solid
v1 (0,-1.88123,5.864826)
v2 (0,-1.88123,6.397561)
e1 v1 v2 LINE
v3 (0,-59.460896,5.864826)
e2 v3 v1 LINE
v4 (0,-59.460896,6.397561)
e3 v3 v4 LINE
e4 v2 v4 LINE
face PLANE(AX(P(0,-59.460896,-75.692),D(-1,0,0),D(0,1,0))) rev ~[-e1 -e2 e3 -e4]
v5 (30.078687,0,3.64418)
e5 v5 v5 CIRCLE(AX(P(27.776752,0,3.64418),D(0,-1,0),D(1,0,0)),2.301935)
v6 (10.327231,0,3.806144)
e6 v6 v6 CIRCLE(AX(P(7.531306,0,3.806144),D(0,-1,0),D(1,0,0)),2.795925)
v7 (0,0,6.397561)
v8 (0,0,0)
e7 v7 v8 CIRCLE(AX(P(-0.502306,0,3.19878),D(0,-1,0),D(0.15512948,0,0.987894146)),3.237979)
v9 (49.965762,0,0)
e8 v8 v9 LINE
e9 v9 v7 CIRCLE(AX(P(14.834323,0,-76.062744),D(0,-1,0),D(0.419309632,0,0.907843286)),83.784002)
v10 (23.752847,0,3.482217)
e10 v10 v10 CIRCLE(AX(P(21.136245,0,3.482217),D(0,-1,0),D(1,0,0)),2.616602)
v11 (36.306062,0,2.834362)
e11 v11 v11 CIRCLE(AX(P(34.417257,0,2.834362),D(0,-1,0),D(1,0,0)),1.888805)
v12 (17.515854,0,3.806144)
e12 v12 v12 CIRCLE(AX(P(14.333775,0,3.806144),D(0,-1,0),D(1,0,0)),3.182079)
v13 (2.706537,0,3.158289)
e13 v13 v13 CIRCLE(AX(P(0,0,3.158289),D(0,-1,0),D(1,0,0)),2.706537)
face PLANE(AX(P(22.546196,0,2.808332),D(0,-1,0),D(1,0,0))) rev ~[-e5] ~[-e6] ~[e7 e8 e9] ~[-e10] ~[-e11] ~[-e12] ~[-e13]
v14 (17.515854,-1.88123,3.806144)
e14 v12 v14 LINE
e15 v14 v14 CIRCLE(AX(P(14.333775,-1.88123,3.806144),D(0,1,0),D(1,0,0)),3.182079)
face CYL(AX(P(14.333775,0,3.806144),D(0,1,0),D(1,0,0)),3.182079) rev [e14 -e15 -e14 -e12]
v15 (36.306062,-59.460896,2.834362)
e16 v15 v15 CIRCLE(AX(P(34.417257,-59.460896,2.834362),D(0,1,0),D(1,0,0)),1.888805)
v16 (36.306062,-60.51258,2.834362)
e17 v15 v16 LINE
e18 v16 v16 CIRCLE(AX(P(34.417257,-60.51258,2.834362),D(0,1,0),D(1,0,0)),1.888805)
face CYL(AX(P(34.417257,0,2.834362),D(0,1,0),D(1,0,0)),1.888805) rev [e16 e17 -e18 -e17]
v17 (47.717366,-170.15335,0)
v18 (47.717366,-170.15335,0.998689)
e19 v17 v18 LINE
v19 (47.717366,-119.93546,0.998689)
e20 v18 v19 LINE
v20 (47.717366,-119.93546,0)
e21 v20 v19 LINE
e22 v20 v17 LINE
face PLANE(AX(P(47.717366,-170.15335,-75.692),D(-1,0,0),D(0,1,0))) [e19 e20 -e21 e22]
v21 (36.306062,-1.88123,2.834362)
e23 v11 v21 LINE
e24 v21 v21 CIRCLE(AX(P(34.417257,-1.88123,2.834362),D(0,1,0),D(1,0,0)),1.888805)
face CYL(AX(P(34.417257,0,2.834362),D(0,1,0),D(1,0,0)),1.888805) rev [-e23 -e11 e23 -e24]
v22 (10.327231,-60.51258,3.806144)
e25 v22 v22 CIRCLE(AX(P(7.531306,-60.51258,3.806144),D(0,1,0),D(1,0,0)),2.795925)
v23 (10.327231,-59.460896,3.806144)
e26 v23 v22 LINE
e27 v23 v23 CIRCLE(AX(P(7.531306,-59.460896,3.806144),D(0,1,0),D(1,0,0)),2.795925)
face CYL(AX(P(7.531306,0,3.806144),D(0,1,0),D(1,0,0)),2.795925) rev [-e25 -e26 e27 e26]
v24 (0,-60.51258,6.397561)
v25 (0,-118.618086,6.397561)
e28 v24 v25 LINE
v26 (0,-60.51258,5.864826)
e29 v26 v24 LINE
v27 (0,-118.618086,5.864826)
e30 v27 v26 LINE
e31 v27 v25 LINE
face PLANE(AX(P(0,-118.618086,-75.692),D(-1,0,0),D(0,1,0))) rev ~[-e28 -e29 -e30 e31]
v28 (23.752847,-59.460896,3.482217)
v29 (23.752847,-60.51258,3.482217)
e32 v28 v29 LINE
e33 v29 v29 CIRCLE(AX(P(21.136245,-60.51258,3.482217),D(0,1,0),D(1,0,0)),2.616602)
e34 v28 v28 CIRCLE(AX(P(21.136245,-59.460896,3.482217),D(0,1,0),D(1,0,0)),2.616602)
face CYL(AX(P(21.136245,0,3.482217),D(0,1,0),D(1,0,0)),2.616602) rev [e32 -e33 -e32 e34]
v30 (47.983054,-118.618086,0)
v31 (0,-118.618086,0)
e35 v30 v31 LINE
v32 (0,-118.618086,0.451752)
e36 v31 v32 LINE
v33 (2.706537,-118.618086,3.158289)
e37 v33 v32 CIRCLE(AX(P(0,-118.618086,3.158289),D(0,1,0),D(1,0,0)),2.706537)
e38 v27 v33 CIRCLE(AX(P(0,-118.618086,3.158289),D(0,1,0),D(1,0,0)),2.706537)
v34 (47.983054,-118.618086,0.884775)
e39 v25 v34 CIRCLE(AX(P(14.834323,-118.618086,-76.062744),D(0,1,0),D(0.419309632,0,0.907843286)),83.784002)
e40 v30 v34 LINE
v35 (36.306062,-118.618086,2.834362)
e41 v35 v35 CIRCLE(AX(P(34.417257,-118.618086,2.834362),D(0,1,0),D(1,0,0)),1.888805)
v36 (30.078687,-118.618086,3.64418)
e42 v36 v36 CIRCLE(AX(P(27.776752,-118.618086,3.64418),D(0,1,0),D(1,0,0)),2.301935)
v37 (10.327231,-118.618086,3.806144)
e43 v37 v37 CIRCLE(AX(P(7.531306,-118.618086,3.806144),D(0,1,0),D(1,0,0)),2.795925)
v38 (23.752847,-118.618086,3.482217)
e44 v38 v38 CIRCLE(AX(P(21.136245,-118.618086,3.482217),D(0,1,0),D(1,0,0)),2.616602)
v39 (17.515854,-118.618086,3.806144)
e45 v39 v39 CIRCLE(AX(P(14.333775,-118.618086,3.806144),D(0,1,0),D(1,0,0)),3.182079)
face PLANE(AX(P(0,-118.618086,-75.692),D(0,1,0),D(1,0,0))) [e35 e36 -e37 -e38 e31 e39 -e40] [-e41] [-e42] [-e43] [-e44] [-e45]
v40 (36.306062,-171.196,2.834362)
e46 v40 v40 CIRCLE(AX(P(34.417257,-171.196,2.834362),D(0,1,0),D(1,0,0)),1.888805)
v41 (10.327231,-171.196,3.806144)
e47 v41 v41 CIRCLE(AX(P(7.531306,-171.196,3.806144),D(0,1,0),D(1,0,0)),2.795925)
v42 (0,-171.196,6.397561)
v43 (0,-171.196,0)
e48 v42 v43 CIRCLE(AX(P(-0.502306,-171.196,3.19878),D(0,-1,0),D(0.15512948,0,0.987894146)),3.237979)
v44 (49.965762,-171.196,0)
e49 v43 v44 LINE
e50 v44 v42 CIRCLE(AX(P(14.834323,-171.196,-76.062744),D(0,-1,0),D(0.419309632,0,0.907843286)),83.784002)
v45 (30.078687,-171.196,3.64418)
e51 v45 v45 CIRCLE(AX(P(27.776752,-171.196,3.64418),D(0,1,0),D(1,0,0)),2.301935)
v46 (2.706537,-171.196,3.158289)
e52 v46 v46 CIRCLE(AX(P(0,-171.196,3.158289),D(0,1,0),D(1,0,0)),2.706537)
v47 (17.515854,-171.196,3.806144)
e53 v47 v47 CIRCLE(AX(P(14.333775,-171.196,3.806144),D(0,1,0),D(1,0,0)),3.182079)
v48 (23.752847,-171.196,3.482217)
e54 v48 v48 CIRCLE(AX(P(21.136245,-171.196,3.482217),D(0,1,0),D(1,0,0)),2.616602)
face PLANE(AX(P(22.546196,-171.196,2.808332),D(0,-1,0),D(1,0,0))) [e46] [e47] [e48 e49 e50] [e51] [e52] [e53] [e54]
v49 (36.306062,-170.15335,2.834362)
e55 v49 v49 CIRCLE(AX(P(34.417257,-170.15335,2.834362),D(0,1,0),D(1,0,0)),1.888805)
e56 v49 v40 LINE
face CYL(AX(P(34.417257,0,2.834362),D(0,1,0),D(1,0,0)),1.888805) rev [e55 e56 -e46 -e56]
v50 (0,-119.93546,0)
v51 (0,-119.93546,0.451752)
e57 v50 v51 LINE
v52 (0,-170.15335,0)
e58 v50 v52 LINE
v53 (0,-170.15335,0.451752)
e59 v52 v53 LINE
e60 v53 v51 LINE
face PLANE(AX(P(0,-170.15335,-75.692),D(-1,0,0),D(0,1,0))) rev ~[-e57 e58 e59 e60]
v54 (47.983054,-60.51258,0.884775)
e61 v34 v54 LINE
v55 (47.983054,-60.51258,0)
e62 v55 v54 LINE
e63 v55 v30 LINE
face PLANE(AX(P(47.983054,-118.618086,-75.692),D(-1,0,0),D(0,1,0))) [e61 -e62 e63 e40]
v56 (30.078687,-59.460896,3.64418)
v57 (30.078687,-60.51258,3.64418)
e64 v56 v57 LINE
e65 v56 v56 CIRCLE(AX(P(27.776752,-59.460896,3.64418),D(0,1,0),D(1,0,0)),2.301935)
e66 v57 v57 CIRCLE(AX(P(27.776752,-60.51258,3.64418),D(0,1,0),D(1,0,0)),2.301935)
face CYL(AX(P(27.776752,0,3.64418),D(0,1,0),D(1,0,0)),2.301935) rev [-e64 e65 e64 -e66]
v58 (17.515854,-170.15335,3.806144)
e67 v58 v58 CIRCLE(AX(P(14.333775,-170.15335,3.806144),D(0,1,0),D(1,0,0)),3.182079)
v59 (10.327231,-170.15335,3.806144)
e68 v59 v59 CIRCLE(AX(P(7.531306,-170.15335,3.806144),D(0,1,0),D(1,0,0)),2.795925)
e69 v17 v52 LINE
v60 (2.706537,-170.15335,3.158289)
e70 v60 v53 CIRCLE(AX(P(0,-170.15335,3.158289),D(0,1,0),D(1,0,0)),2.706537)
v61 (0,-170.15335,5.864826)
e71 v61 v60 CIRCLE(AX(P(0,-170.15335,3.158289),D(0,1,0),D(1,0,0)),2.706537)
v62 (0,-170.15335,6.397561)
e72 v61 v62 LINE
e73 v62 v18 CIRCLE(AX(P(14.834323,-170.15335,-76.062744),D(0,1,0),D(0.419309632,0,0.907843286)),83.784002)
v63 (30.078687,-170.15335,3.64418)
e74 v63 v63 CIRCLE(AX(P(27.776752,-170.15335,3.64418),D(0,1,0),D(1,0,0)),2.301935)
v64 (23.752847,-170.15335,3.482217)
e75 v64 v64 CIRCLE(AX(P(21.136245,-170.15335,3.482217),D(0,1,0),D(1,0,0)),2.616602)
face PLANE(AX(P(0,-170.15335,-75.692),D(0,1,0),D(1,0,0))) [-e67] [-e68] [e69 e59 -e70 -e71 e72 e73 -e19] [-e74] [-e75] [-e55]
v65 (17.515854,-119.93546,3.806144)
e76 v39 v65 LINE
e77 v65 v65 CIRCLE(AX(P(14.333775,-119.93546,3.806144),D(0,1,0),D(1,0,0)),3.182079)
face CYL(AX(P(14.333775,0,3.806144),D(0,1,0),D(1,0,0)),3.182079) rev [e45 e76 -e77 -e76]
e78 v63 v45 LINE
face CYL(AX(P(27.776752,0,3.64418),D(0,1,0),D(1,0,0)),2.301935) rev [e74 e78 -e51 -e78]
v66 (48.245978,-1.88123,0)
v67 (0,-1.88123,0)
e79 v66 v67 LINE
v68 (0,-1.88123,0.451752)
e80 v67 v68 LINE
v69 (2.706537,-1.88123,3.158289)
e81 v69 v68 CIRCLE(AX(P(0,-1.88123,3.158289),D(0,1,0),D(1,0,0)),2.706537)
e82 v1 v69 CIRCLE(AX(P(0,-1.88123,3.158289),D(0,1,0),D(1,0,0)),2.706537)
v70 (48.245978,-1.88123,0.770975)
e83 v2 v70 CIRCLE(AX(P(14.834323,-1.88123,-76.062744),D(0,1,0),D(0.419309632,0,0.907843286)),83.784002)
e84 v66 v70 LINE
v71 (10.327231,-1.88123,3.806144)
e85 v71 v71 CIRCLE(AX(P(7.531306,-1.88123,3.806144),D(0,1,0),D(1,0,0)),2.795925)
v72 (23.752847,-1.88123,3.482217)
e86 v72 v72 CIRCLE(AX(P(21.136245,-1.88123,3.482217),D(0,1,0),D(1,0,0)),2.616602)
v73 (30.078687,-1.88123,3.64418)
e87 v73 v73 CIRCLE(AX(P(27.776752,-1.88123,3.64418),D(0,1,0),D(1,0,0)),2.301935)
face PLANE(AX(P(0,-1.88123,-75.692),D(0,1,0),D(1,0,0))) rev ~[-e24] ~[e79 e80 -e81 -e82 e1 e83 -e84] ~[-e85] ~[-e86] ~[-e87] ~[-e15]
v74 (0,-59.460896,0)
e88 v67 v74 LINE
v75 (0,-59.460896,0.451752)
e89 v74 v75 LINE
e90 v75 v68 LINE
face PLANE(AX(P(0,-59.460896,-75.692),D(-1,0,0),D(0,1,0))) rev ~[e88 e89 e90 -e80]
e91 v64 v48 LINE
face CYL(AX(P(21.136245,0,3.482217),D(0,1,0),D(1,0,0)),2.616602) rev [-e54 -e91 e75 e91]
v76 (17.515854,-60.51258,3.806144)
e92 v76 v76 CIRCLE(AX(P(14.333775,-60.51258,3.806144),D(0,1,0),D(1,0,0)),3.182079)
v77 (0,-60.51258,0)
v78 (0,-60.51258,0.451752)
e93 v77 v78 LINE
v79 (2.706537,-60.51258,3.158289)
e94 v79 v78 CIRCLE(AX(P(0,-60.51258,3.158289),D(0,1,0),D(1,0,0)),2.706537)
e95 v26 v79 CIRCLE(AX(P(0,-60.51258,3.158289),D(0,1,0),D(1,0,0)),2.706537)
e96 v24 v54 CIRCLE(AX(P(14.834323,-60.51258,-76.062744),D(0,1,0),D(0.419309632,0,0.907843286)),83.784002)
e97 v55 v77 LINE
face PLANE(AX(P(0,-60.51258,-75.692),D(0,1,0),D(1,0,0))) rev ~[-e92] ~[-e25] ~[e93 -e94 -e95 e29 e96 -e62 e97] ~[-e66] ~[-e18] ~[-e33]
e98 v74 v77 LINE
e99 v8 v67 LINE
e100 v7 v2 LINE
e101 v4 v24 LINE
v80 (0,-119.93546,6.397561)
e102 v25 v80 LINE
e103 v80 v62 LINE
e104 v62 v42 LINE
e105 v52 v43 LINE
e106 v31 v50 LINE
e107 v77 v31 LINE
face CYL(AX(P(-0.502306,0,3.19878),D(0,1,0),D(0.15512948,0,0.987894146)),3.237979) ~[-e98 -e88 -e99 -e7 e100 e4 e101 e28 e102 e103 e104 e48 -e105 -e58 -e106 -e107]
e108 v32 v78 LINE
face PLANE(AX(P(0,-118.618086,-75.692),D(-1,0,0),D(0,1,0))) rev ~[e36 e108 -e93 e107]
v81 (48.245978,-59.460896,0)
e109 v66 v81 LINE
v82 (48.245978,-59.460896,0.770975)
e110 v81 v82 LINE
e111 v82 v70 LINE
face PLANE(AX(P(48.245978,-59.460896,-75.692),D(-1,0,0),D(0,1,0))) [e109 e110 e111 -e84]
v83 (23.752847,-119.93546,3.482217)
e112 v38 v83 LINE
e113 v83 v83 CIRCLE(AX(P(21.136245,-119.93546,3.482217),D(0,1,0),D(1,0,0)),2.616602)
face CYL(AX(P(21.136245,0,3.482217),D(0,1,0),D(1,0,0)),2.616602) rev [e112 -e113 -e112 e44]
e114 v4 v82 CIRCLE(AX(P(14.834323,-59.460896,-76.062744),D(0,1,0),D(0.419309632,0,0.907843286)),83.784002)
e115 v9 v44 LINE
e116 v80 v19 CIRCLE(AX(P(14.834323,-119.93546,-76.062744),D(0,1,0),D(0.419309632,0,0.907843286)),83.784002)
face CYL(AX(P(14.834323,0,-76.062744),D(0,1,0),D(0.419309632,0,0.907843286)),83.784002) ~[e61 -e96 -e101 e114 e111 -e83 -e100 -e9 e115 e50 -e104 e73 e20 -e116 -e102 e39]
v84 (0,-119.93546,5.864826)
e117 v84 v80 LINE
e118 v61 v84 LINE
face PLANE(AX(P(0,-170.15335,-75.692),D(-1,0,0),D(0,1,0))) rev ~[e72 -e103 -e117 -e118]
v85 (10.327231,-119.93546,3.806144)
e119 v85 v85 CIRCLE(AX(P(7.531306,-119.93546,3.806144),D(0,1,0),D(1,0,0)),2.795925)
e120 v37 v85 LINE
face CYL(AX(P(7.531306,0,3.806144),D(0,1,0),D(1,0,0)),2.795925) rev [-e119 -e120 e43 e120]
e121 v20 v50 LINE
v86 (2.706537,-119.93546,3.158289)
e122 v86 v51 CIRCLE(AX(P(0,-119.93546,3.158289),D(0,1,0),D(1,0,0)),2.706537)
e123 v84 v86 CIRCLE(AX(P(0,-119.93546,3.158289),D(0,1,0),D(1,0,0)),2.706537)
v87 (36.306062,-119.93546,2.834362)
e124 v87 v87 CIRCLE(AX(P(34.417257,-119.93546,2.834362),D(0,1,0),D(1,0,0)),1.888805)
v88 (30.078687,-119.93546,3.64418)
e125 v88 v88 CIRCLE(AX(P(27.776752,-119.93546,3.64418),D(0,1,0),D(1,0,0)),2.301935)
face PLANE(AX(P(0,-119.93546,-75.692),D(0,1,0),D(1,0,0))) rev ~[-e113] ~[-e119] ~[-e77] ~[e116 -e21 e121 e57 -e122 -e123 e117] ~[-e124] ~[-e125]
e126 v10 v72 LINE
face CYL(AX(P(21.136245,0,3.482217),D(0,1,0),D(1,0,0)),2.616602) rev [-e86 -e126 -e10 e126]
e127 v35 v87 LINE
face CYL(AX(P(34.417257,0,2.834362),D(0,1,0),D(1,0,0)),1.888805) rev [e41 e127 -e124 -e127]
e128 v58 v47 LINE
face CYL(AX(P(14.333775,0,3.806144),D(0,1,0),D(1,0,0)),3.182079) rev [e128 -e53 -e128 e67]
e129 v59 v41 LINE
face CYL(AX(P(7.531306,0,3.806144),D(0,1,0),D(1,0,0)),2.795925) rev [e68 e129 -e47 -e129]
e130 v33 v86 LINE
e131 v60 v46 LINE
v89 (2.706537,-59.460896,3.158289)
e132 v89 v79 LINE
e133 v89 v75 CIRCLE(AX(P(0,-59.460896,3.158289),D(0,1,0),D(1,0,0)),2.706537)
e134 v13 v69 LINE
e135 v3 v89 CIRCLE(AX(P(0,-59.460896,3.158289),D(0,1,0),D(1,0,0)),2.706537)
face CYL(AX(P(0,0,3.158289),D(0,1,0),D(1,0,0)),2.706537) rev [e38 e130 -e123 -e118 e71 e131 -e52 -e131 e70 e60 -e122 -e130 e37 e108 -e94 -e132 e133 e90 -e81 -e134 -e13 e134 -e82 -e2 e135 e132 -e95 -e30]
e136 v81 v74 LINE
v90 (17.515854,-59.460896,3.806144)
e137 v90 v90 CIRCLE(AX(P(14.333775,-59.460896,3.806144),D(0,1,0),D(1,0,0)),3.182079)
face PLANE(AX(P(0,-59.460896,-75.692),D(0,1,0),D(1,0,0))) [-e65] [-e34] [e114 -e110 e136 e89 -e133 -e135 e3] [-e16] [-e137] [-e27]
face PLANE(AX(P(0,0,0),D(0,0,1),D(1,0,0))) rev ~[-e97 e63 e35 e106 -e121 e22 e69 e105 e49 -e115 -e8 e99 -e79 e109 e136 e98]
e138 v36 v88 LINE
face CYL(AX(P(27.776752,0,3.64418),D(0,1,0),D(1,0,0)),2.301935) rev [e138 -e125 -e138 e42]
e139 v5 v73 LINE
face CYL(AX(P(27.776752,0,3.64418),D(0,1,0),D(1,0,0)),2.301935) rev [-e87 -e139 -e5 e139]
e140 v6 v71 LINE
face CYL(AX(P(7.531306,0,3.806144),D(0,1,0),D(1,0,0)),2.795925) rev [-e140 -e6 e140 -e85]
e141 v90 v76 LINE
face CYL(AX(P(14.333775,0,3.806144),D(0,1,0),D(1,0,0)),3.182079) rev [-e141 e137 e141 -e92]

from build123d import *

# Parameters (mm, degrees)
F1_DEPTH  = 171.196
F3_W      = 47.717366
F3_H      = 50.21789
F4_DEPTH  = 198.12
F5_R      = 2.706537
F6_DEPTH  = 205.232
F7_R      = 1.888805
F8_DEPTH  = 241.046
F9_R      = 2.795925
F10_DEPTH = 243.84
F11_R     = 3.182079
F12_DEPTH = 208.534
F13_R     = 2.616602
F14_DEPTH = 201.422
F15_R     = 2.301935
F16_DEPTH = 190.754
F17_W     = 47.983054
F17_H     = 58.105506
F18_DEPTH = 171.196
F19_W     = 48.245978
F19_H     = 57.579667
F20_DEPTH = 182.626


with BuildPart() as f1:
    # F0 (on Front) → F1 (new body)
    with BuildSketch(Plane.XZ):
        with BuildLine():
            ThreePointArc((49.965762, 0), (25.475067, 7.042813), (0, 6.397561))
            ThreePointArc((0, 6.397561), (-3.740285, 3.19878), (0, 0))
            Line((0, 0), (49.965762, 0))
        make_face()
    extrude(amount=F1_DEPTH)

    # F3 (on offset) → F4 (cut)
    with BuildSketch(Plane.XY.offset(-75.692)):
        with Locations((23.858683, -145.044405)):
            Rectangle(F3_W, F3_H)
    extrude(amount=F4_DEPTH, mode=Mode.SUBTRACT)

    # F5 (on Front) → F6 (cut)
    with BuildSketch(Plane.XZ):
        with Locations((0, 3.158289)):
            Circle(F5_R)
    extrude(amount=F6_DEPTH, mode=Mode.SUBTRACT)

    # F7 (on Front) → F8 (cut)
    with BuildSketch(Plane.XZ):
        with Locations((34.417257, 2.834362)):
            Circle(F7_R)
    extrude(amount=F8_DEPTH, mode=Mode.SUBTRACT)

    # F9 (on Front) → F10 (cut)
    with BuildSketch(Plane.XZ):
        with Locations((7.531306, 3.806144)):
            Circle(F9_R)
    extrude(amount=F10_DEPTH, mode=Mode.SUBTRACT)

    # F11 (on Front) → F12 (cut)
    with BuildSketch(Plane.XZ):
        with Locations((14.333775, 3.806144)):
            Circle(F11_R)
    extrude(amount=F12_DEPTH, mode=Mode.SUBTRACT)

    # F13 (on Front) → F14 (cut)
    with BuildSketch(Plane.XZ):
        with Locations((21.136245, 3.482217)):
            Circle(F13_R)
    extrude(amount=F14_DEPTH, mode=Mode.SUBTRACT)

    # F15 (on Front) → F16 (cut)
    with BuildSketch(Plane.XZ):
        with Locations((27.776752, 3.64418)):
            Circle(F15_R)
    extrude(amount=F16_DEPTH, mode=Mode.SUBTRACT)

    # F17 (on offset) → F18 (cut)
    with BuildSketch(Plane.XY.offset(-75.692)):
        with Locations((23.991527, -89.565333)):
            Rectangle(F17_W, F17_H)
    extrude(amount=F18_DEPTH, mode=Mode.SUBTRACT)

    # F19 (on offset) → F20 (cut)
    with BuildSketch(Plane.XY.offset(-75.692)):
        with Locations((24.122989, -30.671063)):
            Rectangle(F19_W, F19_H)
    extrude(amount=F20_DEPTH, mode=Mode.SUBTRACT)


solid = f1.part
